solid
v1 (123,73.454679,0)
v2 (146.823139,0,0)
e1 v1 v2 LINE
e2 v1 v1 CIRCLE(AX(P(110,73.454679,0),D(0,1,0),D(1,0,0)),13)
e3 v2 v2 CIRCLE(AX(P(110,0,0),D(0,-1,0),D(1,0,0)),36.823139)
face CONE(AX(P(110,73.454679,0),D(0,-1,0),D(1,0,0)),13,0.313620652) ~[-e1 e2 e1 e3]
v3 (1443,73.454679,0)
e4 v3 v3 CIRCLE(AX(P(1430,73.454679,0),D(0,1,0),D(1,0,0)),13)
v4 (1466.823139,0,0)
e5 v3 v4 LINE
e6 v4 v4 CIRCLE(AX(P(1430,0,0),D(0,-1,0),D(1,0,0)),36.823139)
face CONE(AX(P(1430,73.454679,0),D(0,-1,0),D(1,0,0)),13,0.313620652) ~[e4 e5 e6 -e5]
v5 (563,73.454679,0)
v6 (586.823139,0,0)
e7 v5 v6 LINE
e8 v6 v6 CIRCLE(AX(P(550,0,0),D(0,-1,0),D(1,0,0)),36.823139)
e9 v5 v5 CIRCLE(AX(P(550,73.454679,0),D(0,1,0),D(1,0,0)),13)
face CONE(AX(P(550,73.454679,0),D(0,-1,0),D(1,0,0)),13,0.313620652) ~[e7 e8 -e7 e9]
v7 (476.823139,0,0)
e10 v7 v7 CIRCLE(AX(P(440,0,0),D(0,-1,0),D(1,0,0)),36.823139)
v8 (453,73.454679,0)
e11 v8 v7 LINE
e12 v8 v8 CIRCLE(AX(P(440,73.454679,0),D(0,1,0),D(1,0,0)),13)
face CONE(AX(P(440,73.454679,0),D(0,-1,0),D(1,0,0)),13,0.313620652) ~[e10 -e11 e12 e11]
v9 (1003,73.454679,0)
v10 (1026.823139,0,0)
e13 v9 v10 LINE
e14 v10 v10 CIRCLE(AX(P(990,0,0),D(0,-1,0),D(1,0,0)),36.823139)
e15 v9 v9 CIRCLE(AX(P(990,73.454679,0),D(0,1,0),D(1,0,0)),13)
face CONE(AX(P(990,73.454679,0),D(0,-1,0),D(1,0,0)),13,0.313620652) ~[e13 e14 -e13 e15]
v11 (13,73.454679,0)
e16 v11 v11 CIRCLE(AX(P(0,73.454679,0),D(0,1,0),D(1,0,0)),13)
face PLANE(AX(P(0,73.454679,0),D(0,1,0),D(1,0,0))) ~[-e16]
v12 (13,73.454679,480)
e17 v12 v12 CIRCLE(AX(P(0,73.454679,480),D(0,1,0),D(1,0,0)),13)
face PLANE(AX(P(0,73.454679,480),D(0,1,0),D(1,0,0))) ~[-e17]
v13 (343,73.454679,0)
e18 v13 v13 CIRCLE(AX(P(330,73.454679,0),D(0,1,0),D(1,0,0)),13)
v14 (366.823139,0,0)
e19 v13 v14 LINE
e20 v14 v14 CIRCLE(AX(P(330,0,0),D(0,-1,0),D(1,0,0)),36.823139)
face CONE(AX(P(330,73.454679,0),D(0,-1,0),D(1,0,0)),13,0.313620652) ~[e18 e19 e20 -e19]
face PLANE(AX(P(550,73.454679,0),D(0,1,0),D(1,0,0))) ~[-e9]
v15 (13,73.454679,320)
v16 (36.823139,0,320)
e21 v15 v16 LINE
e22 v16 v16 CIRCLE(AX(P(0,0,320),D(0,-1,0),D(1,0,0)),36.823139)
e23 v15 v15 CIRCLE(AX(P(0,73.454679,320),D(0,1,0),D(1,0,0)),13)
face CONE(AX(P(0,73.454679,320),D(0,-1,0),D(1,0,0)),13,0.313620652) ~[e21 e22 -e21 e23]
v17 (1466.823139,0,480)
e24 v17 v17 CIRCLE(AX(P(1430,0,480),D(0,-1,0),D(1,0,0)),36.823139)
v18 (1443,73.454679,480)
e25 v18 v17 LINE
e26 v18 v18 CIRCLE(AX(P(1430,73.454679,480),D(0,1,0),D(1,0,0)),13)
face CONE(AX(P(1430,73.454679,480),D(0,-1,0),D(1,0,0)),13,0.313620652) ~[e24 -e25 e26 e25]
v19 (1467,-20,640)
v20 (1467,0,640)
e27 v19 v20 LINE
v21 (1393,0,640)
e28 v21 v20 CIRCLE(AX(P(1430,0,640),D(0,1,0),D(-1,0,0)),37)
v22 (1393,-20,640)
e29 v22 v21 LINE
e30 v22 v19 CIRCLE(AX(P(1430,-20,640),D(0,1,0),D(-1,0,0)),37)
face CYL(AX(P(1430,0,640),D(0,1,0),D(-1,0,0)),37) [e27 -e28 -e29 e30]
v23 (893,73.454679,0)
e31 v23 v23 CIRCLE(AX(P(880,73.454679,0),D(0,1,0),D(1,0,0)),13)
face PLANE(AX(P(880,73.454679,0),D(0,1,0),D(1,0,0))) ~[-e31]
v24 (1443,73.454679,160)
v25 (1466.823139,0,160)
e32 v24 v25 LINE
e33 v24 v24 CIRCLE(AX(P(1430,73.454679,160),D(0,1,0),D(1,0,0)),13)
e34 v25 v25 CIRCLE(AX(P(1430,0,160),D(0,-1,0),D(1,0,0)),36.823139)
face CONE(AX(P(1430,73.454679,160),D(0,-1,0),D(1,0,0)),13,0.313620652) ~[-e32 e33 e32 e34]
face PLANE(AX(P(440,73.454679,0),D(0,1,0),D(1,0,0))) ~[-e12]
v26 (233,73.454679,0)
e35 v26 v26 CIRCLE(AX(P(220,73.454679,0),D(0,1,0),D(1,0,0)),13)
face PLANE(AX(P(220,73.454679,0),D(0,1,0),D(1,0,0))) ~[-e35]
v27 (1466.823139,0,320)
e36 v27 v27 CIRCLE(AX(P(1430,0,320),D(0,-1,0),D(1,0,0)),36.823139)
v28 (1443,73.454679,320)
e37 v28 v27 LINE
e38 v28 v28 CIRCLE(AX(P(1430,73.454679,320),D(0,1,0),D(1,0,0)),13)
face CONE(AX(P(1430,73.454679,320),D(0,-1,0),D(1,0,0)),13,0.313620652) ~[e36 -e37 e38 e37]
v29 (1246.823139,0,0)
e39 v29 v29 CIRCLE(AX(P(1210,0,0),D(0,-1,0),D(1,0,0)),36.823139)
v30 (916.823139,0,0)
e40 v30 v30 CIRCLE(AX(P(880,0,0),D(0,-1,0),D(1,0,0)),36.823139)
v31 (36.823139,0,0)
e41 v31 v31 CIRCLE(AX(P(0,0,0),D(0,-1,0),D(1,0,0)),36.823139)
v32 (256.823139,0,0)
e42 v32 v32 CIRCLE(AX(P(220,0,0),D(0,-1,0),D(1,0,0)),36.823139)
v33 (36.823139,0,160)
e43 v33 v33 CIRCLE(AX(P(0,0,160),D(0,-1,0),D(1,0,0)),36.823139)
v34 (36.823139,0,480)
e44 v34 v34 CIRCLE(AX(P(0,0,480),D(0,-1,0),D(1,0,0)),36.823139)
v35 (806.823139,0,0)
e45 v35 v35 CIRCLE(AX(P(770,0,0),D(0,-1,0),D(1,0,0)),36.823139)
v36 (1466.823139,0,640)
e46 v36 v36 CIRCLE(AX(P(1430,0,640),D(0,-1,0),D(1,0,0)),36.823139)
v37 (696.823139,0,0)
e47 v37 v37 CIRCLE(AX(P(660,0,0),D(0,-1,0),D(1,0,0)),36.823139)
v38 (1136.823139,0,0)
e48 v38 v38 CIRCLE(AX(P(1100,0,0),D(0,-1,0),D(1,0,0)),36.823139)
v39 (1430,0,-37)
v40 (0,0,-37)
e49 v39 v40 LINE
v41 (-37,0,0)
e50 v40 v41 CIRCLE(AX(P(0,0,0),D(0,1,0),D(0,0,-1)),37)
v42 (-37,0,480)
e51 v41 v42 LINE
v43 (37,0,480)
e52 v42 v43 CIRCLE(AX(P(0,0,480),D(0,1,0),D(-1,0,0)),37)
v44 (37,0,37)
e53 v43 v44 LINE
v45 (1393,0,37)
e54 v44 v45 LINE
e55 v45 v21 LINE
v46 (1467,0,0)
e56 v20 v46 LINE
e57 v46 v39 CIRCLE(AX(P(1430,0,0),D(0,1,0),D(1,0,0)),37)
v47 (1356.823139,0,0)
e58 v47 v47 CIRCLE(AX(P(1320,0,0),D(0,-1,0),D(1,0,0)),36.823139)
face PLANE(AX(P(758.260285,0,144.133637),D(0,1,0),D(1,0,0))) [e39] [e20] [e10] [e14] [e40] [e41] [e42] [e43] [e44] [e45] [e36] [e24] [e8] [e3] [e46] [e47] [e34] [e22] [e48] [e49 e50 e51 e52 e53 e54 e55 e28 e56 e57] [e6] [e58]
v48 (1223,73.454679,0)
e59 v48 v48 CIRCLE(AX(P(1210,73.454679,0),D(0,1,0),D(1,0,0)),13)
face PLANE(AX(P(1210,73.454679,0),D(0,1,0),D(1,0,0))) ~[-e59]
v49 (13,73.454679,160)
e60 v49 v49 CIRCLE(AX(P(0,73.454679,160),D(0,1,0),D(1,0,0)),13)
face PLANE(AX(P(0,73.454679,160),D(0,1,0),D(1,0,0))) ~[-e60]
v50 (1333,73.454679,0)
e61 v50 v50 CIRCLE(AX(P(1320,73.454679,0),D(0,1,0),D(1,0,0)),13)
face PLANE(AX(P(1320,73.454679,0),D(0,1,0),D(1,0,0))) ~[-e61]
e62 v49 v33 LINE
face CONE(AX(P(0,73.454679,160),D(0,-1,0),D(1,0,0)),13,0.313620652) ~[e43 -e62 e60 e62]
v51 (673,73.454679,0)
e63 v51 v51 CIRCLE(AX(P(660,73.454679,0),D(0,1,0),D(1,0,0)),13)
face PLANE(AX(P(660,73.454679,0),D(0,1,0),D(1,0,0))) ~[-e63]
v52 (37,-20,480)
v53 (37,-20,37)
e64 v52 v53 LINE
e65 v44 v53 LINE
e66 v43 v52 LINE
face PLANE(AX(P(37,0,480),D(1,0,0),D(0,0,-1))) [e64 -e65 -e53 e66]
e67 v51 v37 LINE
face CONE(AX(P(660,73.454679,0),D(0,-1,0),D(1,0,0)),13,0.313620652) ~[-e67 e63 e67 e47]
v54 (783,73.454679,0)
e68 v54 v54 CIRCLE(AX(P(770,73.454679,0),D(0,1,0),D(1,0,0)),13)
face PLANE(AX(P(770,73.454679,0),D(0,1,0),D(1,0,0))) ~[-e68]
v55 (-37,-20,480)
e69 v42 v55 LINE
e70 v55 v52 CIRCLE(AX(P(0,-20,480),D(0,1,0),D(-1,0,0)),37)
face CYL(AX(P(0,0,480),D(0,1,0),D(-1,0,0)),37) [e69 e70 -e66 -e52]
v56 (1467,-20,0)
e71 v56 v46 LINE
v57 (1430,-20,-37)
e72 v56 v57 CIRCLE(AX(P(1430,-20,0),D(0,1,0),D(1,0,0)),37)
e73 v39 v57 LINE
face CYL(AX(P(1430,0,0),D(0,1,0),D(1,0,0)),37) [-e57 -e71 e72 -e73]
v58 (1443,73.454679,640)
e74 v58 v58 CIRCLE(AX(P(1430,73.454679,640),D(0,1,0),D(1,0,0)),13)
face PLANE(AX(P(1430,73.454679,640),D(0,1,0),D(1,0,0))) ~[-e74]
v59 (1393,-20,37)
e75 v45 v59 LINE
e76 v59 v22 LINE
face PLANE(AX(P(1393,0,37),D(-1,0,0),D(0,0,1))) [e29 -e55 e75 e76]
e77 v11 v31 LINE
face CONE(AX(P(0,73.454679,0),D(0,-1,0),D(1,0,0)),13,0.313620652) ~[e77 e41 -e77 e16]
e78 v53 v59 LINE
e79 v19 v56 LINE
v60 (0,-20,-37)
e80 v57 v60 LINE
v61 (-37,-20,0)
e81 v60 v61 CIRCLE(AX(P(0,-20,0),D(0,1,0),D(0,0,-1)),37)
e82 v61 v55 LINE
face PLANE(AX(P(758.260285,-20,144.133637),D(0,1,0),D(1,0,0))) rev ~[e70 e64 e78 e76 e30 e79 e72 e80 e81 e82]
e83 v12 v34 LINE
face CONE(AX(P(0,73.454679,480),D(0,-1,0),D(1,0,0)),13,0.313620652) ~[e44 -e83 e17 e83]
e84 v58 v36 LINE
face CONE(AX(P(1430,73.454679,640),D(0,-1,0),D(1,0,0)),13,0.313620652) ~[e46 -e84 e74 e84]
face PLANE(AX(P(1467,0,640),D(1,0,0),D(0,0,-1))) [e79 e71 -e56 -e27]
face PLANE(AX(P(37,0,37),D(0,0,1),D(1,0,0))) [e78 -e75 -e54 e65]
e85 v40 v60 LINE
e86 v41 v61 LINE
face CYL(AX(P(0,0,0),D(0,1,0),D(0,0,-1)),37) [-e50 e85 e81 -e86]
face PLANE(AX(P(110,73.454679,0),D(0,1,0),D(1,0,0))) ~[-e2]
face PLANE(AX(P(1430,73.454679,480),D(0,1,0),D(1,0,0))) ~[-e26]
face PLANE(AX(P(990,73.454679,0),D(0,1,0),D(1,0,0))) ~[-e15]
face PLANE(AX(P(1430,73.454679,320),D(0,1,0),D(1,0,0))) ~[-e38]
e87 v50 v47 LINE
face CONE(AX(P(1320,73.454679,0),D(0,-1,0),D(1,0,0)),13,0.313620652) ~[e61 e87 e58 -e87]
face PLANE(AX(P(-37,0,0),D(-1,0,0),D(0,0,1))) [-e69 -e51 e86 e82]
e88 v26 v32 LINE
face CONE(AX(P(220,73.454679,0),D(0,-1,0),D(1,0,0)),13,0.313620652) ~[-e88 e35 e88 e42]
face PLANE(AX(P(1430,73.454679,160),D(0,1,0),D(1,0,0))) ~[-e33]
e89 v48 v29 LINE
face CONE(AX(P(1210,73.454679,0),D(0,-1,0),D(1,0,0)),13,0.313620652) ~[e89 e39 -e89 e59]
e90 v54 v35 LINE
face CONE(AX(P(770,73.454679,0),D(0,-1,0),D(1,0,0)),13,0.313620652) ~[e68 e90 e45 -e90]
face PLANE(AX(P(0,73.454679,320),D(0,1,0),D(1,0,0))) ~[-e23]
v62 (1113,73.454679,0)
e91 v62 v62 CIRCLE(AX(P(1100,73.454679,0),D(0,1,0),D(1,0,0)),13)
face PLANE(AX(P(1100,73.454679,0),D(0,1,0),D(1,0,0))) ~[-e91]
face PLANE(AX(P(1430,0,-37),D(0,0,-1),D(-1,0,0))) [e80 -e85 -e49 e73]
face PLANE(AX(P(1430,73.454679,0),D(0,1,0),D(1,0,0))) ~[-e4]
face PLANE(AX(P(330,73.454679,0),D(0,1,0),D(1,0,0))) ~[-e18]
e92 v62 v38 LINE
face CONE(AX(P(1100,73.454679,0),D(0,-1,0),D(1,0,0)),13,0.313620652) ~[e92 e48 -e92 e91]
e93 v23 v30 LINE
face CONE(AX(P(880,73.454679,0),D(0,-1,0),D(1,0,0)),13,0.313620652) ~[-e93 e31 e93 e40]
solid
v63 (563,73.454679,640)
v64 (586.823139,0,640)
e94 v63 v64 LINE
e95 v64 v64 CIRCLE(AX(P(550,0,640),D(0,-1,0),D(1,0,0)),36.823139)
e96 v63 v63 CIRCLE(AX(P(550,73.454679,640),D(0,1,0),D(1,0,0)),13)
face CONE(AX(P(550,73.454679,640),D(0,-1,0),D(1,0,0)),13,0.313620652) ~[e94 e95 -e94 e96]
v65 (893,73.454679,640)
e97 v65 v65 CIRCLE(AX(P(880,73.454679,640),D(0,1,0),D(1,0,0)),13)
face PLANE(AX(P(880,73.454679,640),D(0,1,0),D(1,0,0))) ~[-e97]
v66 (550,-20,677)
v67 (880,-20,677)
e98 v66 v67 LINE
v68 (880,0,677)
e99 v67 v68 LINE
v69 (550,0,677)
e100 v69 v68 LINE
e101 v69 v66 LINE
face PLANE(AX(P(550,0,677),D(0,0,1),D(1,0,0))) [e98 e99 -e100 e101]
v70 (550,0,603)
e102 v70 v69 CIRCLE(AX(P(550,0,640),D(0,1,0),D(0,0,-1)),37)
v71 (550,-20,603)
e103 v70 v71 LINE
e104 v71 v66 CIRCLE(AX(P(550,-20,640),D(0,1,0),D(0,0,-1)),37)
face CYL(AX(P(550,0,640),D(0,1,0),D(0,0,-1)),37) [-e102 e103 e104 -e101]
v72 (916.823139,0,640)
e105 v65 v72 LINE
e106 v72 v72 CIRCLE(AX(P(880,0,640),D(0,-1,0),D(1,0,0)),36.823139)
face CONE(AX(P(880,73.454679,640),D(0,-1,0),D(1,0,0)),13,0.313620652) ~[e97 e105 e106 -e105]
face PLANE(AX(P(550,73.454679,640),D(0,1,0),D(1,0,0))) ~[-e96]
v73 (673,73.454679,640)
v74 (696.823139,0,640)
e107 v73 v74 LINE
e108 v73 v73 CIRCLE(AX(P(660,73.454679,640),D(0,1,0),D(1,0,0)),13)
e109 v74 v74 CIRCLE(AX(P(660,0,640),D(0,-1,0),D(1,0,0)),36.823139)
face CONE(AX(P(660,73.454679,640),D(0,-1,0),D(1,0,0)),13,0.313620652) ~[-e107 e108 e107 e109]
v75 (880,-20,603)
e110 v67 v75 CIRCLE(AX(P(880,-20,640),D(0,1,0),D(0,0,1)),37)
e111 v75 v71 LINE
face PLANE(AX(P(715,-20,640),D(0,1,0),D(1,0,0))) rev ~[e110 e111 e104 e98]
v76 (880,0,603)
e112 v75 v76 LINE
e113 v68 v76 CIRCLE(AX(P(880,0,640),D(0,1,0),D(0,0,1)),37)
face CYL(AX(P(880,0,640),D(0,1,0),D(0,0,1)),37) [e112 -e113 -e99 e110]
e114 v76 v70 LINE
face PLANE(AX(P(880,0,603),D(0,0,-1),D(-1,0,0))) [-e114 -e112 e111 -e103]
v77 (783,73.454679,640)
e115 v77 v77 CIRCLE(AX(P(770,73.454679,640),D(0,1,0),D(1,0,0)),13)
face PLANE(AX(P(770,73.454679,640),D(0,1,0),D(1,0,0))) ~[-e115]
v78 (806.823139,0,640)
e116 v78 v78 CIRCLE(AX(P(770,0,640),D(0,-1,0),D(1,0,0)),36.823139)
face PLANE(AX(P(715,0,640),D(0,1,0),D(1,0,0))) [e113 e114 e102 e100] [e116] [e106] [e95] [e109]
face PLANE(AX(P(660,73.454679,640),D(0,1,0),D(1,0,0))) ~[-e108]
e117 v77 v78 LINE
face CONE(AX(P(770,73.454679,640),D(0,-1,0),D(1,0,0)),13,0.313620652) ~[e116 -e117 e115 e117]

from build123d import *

# Parameters (mm, degrees)
PATTERN_LINEAR_3_COUNT = 4
PATTERN_LINEAR_3_PITCH = 160
PATTERN_LINEAR_4_COUNT = 14
PATTERN_LINEAR_4_PITCH = 110
PATTERN_LINEAR_5_COUNT = 5
PATTERN_LINEAR_5_PITCH = 160
PATTERN_LINEAR_6_COUNT = 2
PATTERN_LINEAR_6_PITCH = 550
PATTERN_LINEAR_7_COUNT = 4
PATTERN_LINEAR_7_PITCH = 110
EXTRUDE_3_DEPTH        = 20


with BuildPart() as part:
    # 草图2 → 旋转1 (revolve)
    with BuildSketch(Plane.XY):
        Polygon((0, -0.545321134), (0, 73.454678866), (13, 73.454678866), (37, -0.545321134), align=None)
    revolve(axis=Axis((0, -0.545321134, 0), (0, 1, 0)))


with BuildPart() as pattern_linear_3_1:
    # 阵列(线性)3: pattern copy
    add(part.part.moved(Location(Vector(0, 0, 1) * (1 * PATTERN_LINEAR_3_PITCH))))


with BuildPart() as pattern_linear_3_2:
    # 阵列(线性)3: pattern copy
    add(part.part.moved(Location(Vector(0, 0, 1) * (2 * PATTERN_LINEAR_3_PITCH))))


with BuildPart() as pattern_linear_3_3:
    # 阵列(线性)3: pattern copy
    add(part.part.moved(Location(Vector(0, 0, 1) * (3 * PATTERN_LINEAR_3_PITCH))))


with BuildPart() as pattern_linear_4_1:
    # 阵列(线性)4: pattern copy
    add(part.part.moved(Location(Vector(1, 0, 0) * (1 * PATTERN_LINEAR_4_PITCH))))


with BuildPart() as pattern_linear_4_2:
    # 阵列(线性)4: pattern copy
    add(part.part.moved(Location(Vector(1, 0, 0) * (2 * PATTERN_LINEAR_4_PITCH))))


with BuildPart() as pattern_linear_4_3:
    # 阵列(线性)4: pattern copy
    add(part.part.moved(Location(Vector(1, 0, 0) * (3 * PATTERN_LINEAR_4_PITCH))))


with BuildPart() as pattern_linear_4_4:
    # 阵列(线性)4: pattern copy
    add(part.part.moved(Location(Vector(1, 0, 0) * (4 * PATTERN_LINEAR_4_PITCH))))


with BuildPart() as pattern_linear_4_5:
    # 阵列(线性)4: pattern copy
    add(part.part.moved(Location(Vector(1, 0, 0) * (5 * PATTERN_LINEAR_4_PITCH))))


with BuildPart() as pattern_linear_4_6:
    # 阵列(线性)4: pattern copy
    add(part.part.moved(Location(Vector(1, 0, 0) * (6 * PATTERN_LINEAR_4_PITCH))))


with BuildPart() as pattern_linear_4_7:
    # 阵列(线性)4: pattern copy
    add(part.part.moved(Location(Vector(1, 0, 0) * (7 * PATTERN_LINEAR_4_PITCH))))


with BuildPart() as pattern_linear_4_8:
    # 阵列(线性)4: pattern copy
    add(part.part.moved(Location(Vector(1, 0, 0) * (8 * PATTERN_LINEAR_4_PITCH))))


with BuildPart() as pattern_linear_4_9:
    # 阵列(线性)4: pattern copy
    add(part.part.moved(Location(Vector(1, 0, 0) * (9 * PATTERN_LINEAR_4_PITCH))))


with BuildPart() as pattern_linear_4_10:
    # 阵列(线性)4: pattern copy
    add(part.part.moved(Location(Vector(1, 0, 0) * (10 * PATTERN_LINEAR_4_PITCH))))


with BuildPart() as pattern_linear_4_11:
    # 阵列(线性)4: pattern copy
    add(part.part.moved(Location(Vector(1, 0, 0) * (11 * PATTERN_LINEAR_4_PITCH))))


with BuildPart() as pattern_linear_4_12:
    # 阵列(线性)4: pattern copy
    add(part.part.moved(Location(Vector(1, 0, 0) * (12 * PATTERN_LINEAR_4_PITCH))))


with BuildPart() as pattern_linear_4_13:
    # 阵列(线性)4: pattern copy
    add(part.part.moved(Location(Vector(1, 0, 0) * (13 * PATTERN_LINEAR_4_PITCH))))


with BuildPart() as pattern_linear_5_1:
    # 阵列(线性)5: pattern copy
    add(pattern_linear_4_13.part.moved(Location(Vector(0, 0, 1) * (1 * PATTERN_LINEAR_5_PITCH))))


with BuildPart() as pattern_linear_5_2:
    # 阵列(线性)5: pattern copy
    add(pattern_linear_4_13.part.moved(Location(Vector(0, 0, 1) * (2 * PATTERN_LINEAR_5_PITCH))))


with BuildPart() as pattern_linear_5_3:
    # 阵列(线性)5: pattern copy
    add(pattern_linear_4_13.part.moved(Location(Vector(0, 0, 1) * (3 * PATTERN_LINEAR_5_PITCH))))


with BuildPart() as pattern_linear_5_4:
    # 阵列(线性)5: pattern copy
    add(pattern_linear_4_13.part.moved(Location(Vector(0, 0, 1) * (4 * PATTERN_LINEAR_5_PITCH))))


with BuildPart() as pattern_linear_6_1:
    # 阵列(线性)6: pattern copy
    add(pattern_linear_5_4.part.moved(Location(Vector(-1, 0, 0) * (1 * PATTERN_LINEAR_6_PITCH))))


with BuildPart() as pattern_linear_7_1:
    # 阵列(线性)7: pattern copy
    add(pattern_linear_6_1.part.moved(Location(Vector(-1, 0, 0) * (1 * PATTERN_LINEAR_7_PITCH))))


with BuildPart() as pattern_linear_7_2:
    # 阵列(线性)7: pattern copy
    add(pattern_linear_6_1.part.moved(Location(Vector(-1, 0, 0) * (2 * PATTERN_LINEAR_7_PITCH))))


with BuildPart() as pattern_linear_7_3:
    # 阵列(线性)7: pattern copy
    add(pattern_linear_6_1.part.moved(Location(Vector(-1, 0, 0) * (3 * PATTERN_LINEAR_7_PITCH))))


with BuildPart() as part_1:
    add(part.part)

    add(pattern_linear_3_1.part)  # 凸台-拉伸3 merges 阵列(线性)3_1

    add(pattern_linear_3_2.part)  # 凸台-拉伸3 merges 阵列(线性)3_2

    add(pattern_linear_3_3.part)  # 凸台-拉伸3 merges 阵列(线性)3_3

    add(pattern_linear_4_1.part)  # 凸台-拉伸3 merges 阵列(线性)4_1

    add(pattern_linear_4_2.part)  # 凸台-拉伸3 merges 阵列(线性)4_2

    add(pattern_linear_4_3.part)  # 凸台-拉伸3 merges 阵列(线性)4_3

    add(pattern_linear_4_4.part)  # 凸台-拉伸3 merges 阵列(线性)4_4

    add(pattern_linear_4_5.part)  # 凸台-拉伸3 merges 阵列(线性)4_5

    add(pattern_linear_4_6.part)  # 凸台-拉伸3 merges 阵列(线性)4_6

    add(pattern_linear_4_7.part)  # 凸台-拉伸3 merges 阵列(线性)4_7

    add(pattern_linear_4_8.part)  # 凸台-拉伸3 merges 阵列(线性)4_8

    add(pattern_linear_4_9.part)  # 凸台-拉伸3 merges 阵列(线性)4_9

    add(pattern_linear_4_10.part)  # 凸台-拉伸3 merges 阵列(线性)4_10

    add(pattern_linear_4_11.part)  # 凸台-拉伸3 merges 阵列(线性)4_11

    add(pattern_linear_4_12.part)  # 凸台-拉伸3 merges 阵列(线性)4_12

    add(pattern_linear_4_13.part)  # 凸台-拉伸3 merges 阵列(线性)4_13

    add(pattern_linear_5_1.part)  # 凸台-拉伸3 merges 阵列(线性)5_1

    add(pattern_linear_5_2.part)  # 凸台-拉伸3 merges 阵列(线性)5_2

    add(pattern_linear_5_3.part)  # 凸台-拉伸3 merges 阵列(线性)5_3

    add(pattern_linear_5_4.part)  # 凸台-拉伸3 merges 阵列(线性)5_4

    add(pattern_linear_6_1.part)  # 凸台-拉伸3 merges 阵列(线性)6_1

    add(pattern_linear_7_1.part)  # 凸台-拉伸3 merges 阵列(线性)7_1

    add(pattern_linear_7_2.part)  # 凸台-拉伸3 merges 阵列(线性)7_2

    add(pattern_linear_7_3.part)  # 凸台-拉伸3 merges 阵列(线性)7_3
    # 草图5 → 凸台-拉伸3 (add)
    with BuildSketch(Plane(origin=(0, 0, 0), x_dir=(1, 0, 0), z_dir=(0, 1, 0))):
        with BuildLine():
            Line((37, -480), (37, -37))
            Line((37, -37), (1393, -37))
            Line((1393, -37), (1393, -640))
            ThreePointArc((1393, -640), (1430, -677), (1467, -640))
            Line((1467, -640), (1467, 0))
            ThreePointArc((1467, 0), (1456.162950904, 26.162950904), (1430, 37))
            Line((1430, 37), (0, 37))
            ThreePointArc((0, 37), (-26.162950904, 26.162950904), (-37, 0))
            Line((-37, 0), (-37, -480))
            ThreePointArc((-37, -480), (0, -517), (37, -480))
        make_face()
        with BuildLine():
            Line((550, -677), (880, -677))
            ThreePointArc((880, -677), (917, -640), (880, -603))
            Line((880, -603), (550, -603))
            ThreePointArc((550, -603), (513, -640), (550, -677))
        make_face()
    extrude(amount=-EXTRUDE_3_DEPTH)


solid = part_1.part
